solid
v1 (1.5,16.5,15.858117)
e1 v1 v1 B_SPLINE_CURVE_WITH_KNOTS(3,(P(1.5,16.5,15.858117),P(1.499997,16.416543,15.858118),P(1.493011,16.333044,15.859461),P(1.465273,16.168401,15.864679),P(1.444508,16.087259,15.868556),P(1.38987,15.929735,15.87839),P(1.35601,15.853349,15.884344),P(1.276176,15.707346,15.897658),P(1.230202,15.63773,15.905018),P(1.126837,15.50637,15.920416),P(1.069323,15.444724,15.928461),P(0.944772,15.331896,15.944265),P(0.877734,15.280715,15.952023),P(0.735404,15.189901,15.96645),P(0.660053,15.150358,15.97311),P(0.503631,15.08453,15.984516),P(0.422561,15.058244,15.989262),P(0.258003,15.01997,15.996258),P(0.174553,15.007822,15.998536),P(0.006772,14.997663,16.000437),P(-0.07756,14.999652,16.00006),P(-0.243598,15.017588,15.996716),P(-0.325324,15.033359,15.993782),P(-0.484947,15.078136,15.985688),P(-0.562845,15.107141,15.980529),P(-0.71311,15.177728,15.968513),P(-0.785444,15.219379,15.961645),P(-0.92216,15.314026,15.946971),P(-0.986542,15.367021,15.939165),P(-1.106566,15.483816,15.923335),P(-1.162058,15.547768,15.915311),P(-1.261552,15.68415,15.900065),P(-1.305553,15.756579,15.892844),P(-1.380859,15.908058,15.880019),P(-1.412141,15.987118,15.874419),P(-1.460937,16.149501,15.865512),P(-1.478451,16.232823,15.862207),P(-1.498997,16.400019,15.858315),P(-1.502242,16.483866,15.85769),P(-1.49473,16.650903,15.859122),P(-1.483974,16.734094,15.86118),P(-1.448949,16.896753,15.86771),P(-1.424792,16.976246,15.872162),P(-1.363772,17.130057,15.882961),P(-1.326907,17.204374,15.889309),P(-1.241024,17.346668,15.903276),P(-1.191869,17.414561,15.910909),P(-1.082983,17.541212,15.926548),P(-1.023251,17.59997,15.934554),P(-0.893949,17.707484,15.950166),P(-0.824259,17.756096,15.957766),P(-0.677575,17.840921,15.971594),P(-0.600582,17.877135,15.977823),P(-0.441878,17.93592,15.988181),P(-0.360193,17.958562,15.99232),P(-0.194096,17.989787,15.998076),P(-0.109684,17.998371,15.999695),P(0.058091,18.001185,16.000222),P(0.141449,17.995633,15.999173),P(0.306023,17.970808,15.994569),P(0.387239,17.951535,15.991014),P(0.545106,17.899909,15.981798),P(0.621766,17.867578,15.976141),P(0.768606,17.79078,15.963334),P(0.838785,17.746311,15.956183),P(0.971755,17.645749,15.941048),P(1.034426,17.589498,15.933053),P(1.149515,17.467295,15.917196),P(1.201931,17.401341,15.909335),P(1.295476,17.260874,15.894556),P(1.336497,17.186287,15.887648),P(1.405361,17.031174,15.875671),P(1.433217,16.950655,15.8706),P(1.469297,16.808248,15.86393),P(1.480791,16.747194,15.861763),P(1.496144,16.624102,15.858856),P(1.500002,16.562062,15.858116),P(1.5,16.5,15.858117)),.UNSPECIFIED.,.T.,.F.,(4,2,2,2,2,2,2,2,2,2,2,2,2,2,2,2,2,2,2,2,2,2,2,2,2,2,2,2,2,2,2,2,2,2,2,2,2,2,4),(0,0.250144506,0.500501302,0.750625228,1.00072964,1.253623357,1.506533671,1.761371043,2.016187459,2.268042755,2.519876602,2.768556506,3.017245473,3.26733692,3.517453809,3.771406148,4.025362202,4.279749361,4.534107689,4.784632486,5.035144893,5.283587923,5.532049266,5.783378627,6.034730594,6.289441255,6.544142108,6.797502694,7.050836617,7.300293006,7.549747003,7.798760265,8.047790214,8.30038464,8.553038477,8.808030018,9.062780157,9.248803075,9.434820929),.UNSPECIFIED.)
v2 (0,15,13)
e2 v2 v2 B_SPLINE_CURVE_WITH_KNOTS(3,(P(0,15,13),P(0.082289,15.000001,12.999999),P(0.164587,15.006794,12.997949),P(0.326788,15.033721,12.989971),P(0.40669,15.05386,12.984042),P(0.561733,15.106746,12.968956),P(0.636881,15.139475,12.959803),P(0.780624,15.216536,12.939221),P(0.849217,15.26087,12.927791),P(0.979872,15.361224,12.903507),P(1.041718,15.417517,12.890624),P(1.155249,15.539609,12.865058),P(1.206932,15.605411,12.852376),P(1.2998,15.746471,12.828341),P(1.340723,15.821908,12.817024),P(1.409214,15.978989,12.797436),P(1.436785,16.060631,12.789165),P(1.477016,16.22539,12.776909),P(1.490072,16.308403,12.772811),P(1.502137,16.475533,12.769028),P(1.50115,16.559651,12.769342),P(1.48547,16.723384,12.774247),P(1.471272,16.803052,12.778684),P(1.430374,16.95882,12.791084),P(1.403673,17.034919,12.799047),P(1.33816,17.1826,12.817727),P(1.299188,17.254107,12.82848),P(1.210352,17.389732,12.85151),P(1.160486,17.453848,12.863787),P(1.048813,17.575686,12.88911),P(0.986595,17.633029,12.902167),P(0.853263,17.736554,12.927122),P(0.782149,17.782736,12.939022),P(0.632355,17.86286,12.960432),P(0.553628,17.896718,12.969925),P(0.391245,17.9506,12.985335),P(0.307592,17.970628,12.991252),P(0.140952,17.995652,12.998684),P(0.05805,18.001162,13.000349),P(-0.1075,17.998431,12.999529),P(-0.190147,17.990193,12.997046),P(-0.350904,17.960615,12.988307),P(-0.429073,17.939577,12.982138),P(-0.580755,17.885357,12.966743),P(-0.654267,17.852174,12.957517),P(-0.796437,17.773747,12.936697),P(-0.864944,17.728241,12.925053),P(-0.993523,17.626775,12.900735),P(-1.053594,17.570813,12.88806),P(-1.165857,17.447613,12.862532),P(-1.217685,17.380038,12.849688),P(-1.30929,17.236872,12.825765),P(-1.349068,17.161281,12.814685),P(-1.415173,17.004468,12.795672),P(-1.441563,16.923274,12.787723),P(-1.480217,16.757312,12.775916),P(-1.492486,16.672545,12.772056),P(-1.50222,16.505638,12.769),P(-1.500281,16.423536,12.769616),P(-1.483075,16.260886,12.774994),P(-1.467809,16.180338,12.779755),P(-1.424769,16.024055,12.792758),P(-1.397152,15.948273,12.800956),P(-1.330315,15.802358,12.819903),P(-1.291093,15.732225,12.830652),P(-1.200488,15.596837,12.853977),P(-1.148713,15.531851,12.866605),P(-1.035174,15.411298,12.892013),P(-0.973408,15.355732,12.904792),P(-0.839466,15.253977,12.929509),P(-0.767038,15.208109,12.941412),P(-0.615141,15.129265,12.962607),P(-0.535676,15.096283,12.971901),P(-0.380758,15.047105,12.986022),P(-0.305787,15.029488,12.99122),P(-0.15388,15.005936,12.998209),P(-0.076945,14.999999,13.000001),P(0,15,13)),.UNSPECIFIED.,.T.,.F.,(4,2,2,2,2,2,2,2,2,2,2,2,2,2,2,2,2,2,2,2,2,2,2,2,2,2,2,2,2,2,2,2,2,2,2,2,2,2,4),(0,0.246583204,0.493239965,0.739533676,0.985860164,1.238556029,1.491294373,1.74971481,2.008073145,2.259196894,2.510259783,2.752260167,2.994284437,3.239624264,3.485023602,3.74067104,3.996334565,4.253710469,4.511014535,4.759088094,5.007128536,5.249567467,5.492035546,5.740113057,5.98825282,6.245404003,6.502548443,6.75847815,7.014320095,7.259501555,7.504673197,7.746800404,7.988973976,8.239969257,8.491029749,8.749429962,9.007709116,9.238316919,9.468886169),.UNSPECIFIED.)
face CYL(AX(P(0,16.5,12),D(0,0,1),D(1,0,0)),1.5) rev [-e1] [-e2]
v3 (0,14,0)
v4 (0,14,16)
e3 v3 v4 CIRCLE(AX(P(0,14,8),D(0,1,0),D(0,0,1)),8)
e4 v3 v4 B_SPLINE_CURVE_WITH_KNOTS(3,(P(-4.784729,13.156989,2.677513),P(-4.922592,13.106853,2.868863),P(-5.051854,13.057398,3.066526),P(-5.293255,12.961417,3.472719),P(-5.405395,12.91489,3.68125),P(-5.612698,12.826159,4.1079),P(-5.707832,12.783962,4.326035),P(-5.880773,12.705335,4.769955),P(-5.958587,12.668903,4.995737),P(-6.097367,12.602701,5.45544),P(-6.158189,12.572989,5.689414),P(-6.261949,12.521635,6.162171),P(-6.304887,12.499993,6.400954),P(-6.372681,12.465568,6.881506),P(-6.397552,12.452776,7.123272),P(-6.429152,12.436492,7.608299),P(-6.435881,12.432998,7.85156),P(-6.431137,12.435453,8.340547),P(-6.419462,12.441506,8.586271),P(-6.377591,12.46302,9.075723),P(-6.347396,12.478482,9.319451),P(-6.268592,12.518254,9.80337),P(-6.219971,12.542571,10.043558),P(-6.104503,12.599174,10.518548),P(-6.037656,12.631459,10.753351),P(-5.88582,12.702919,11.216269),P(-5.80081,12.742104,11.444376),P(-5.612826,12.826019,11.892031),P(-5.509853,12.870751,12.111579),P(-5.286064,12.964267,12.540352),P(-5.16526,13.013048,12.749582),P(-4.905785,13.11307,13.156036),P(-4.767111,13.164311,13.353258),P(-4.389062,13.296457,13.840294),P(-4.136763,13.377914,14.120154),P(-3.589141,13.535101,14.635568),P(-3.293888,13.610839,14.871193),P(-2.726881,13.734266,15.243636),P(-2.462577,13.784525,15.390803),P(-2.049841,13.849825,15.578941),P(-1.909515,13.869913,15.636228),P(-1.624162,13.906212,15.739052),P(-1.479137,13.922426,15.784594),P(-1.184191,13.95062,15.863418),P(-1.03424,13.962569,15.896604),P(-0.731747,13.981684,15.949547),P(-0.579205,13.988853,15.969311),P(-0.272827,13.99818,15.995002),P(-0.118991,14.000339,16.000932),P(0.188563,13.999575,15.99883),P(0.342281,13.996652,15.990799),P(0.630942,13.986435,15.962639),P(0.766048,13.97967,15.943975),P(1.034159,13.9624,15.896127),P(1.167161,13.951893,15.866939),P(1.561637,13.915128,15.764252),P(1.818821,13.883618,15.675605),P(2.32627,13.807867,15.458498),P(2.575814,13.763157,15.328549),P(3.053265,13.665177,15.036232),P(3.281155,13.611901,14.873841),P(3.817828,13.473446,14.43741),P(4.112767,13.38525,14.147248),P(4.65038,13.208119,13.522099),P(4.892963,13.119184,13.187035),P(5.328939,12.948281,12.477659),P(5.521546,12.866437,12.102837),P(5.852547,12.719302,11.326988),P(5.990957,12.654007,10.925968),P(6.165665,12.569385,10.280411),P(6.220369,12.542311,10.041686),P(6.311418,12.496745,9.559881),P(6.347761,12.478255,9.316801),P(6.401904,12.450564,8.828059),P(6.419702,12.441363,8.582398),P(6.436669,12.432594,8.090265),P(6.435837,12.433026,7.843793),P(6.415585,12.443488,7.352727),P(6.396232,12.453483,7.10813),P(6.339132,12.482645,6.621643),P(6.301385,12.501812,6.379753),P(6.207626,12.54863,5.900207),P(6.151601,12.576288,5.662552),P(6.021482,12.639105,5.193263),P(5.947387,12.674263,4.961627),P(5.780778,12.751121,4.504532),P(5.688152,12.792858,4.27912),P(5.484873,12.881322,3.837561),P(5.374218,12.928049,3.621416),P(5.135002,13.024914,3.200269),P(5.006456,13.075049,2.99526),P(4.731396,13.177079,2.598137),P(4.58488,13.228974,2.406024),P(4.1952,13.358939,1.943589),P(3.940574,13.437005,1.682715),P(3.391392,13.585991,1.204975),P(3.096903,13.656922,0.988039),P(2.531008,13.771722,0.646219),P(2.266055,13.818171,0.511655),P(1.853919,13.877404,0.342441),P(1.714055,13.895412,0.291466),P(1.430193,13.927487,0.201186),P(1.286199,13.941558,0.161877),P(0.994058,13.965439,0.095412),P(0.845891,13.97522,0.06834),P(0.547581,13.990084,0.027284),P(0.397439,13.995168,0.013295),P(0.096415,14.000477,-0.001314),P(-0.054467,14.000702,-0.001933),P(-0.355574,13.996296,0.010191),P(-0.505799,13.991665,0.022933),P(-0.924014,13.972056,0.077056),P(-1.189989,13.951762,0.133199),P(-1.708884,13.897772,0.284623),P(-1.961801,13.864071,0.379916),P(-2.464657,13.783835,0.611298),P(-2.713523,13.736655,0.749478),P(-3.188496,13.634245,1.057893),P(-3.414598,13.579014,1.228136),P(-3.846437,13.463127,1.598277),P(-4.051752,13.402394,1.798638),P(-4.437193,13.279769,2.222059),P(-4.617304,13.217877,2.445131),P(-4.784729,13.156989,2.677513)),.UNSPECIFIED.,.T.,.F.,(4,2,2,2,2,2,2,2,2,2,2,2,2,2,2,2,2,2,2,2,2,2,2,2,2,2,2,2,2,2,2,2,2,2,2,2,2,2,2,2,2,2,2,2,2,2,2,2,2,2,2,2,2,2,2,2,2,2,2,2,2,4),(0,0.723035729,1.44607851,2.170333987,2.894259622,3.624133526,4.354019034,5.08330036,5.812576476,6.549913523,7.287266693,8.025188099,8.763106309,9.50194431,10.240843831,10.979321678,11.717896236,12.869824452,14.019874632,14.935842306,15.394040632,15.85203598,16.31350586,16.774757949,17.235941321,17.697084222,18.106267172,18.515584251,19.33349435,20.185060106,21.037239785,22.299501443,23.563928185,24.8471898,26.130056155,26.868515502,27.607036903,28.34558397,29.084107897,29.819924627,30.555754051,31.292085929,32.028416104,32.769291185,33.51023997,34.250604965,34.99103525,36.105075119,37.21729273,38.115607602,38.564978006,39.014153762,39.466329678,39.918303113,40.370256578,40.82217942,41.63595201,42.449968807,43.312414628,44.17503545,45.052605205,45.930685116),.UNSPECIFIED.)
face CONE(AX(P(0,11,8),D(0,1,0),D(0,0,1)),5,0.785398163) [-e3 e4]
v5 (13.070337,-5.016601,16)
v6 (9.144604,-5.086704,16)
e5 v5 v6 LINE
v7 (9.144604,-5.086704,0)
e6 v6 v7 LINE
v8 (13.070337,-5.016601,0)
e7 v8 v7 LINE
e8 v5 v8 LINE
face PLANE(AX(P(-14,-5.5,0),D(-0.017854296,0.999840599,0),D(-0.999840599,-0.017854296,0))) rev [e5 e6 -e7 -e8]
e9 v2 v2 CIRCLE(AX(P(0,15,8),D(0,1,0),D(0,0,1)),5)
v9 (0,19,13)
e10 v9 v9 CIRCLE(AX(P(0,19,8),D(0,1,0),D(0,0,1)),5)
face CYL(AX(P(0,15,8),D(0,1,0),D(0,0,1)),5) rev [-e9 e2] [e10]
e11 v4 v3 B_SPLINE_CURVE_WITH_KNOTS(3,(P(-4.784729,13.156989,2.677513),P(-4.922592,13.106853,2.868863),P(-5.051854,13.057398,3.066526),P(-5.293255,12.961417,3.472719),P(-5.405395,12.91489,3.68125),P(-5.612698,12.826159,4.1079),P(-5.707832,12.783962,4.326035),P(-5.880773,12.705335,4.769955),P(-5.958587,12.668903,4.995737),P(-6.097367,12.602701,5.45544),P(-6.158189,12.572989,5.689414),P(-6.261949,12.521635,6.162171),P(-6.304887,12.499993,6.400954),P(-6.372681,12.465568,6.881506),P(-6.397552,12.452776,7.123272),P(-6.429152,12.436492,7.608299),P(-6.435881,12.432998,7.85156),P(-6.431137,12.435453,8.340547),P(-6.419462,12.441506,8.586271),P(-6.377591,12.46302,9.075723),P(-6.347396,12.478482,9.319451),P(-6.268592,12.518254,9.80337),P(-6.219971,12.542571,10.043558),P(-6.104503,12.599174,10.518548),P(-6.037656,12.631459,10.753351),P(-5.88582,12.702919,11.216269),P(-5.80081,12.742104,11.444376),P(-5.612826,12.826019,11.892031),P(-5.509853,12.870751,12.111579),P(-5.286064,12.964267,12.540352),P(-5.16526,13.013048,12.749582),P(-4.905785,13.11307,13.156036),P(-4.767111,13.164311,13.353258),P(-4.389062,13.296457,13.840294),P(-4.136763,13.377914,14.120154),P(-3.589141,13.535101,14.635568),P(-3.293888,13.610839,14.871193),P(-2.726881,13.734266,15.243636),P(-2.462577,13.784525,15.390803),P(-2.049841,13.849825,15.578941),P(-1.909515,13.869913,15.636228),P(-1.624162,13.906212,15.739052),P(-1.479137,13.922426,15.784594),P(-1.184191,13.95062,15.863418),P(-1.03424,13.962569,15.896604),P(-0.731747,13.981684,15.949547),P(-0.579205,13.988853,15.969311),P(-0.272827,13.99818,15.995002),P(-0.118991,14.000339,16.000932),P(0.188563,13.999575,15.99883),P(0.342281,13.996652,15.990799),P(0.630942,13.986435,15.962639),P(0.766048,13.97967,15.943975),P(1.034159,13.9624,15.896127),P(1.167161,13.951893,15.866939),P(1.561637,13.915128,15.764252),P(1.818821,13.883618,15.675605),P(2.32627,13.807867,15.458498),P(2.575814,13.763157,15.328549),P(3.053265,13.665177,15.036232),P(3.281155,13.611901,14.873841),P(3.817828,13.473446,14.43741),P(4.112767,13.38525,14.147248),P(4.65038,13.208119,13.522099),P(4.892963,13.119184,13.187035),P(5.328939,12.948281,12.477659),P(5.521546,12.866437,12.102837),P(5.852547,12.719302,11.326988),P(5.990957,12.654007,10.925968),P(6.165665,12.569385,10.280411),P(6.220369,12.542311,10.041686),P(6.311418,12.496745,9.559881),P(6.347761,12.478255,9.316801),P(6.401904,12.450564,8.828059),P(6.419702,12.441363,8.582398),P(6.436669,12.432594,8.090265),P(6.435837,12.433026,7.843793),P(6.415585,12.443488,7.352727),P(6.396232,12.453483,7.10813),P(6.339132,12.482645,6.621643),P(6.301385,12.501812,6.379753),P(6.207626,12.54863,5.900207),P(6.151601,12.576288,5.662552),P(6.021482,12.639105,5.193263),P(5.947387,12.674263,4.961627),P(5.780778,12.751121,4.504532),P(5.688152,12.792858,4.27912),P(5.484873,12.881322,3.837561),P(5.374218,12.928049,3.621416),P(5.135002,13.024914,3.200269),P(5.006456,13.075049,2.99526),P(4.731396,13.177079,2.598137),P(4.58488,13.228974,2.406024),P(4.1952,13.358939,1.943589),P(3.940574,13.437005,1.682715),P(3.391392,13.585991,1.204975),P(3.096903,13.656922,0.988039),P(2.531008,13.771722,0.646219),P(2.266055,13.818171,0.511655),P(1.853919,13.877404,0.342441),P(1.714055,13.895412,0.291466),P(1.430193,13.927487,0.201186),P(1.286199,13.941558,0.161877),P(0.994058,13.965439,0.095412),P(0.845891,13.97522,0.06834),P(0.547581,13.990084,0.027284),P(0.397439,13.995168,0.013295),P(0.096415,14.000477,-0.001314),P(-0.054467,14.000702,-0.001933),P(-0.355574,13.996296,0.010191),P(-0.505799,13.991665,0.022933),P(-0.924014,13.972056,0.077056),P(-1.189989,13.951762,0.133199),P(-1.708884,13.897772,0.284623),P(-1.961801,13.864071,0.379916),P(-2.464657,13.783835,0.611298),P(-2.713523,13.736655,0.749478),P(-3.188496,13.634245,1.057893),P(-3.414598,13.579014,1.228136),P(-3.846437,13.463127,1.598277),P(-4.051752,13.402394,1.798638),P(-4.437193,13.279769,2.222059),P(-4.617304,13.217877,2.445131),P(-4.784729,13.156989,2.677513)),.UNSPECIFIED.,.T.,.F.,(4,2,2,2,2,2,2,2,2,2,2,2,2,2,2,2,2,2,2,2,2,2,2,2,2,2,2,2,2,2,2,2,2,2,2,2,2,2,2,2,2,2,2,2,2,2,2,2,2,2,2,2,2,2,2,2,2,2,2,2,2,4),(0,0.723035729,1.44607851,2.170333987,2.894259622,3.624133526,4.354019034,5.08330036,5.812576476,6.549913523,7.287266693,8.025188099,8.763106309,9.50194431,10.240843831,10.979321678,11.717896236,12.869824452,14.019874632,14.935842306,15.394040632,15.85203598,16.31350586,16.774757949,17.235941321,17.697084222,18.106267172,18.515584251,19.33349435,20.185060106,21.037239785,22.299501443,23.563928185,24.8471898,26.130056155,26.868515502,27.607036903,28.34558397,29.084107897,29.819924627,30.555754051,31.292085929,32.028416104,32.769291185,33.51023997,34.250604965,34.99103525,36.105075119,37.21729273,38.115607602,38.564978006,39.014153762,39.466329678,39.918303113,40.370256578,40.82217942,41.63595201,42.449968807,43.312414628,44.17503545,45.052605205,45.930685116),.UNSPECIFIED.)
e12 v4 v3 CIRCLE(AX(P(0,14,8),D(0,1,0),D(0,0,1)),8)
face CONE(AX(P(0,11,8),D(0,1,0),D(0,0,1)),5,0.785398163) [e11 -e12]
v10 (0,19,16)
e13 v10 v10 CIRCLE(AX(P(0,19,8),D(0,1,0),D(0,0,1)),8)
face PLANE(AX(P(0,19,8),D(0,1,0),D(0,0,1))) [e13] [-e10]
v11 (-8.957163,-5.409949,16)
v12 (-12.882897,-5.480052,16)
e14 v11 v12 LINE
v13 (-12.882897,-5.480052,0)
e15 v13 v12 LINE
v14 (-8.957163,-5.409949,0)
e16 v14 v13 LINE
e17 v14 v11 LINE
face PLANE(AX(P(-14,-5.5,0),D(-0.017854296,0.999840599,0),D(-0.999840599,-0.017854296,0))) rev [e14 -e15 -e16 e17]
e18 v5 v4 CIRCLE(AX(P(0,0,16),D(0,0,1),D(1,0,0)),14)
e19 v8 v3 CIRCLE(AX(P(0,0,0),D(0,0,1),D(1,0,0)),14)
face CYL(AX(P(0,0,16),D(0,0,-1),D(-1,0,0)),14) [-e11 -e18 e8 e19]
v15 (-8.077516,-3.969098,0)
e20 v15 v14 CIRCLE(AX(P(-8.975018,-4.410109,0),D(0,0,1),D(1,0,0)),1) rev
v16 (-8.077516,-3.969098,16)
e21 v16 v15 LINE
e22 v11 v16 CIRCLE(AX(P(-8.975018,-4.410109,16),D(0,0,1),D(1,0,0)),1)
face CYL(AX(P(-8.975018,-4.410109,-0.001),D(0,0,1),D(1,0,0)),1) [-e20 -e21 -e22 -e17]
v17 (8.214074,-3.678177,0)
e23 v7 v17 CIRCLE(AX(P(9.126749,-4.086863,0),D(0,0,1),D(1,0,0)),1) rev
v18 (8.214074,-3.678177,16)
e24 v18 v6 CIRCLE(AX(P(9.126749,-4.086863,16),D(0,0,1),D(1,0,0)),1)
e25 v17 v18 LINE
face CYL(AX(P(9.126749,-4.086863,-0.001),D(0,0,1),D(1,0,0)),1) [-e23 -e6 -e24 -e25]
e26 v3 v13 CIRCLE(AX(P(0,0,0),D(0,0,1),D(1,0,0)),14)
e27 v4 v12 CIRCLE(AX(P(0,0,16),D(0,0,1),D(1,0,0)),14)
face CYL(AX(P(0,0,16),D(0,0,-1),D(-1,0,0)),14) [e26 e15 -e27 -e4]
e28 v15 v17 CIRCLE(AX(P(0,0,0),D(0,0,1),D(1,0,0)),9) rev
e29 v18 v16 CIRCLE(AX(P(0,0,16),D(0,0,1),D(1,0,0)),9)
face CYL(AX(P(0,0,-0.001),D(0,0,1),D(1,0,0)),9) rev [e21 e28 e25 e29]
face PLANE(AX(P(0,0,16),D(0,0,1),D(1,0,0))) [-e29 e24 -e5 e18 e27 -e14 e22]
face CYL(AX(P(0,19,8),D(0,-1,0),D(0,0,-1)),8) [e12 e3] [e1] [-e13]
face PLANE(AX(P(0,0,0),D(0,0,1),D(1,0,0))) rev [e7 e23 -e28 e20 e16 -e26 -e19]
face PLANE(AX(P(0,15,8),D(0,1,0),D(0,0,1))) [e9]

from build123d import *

# Parameters (mm, degrees)
SKETCH1_R           = 14
BOSS_EXTRUDE1_DEPTH = 16
CUT_EXTRUDE1_REACH  = 27.456
SKETCH2_R           = 9
CUT_EXTRUDE2_DEPTH  = 26.455844123
BOSS_EXTRUDE2_START = 11
SKETCH4_R           = 5
BOSS_EXTRUDE2_DEPTH = 3
BOSS_EXTRUDE2_DRAFT = -45
SKETCH5_R           = 8
BOSS_EXTRUDE3_DEPTH = 5
SKETCH6_R           = 5
CUT_EXTRUDE3_DEPTH  = 4
CUT_EXTRUDE4_START  = 17
SKETCH7_R           = 1.5
CUT_EXTRUDE4_DEPTH  = 5
FILLET1_R           = 1


with BuildPart() as part:
    # Sketch1 → Boss-Extrude1 (new body)
    with BuildSketch(Plane.XY):
        Circle(SKETCH1_R)
    extrude(amount=BOSS_EXTRUDE1_DEPTH)

    # Sketch2 → Cut-Extrude1 (cut, up to next)
    with BuildSketch(Plane.XY.offset(16), mode=Mode.PRIVATE) as cut_extrude1_sk1:
        Circle(SKETCH2_R)
    cut_extrude1_tool1 = extrude(cut_extrude1_sk1.sketch, amount=-CUT_EXTRUDE1_REACH, mode=Mode.PRIVATE) & part.part
    add(cut_extrude1_tool1.solids().sort_by_distance((0, 0, 16))[0], mode=Mode.SUBTRACT)

    # Sketch3 → Cut-Extrude2 (cut, through all)
    with BuildSketch(Plane.XY.offset(16)):
        Polygon((-14, -5.5), (14, -5), (14, -14), (-14, -14), align=None)
    extrude(amount=-CUT_EXTRUDE2_DEPTH, mode=Mode.SUBTRACT)


with BuildPart() as boss_extrude2_tool:
    # Sketch4 → Boss-Extrude2 (with draft: the straight prism first)
    with BuildSketch(Plane(origin=(0, 0, 0), x_dir=(-1, 0, 0), z_dir=(0, 1, 0)).offset(BOSS_EXTRUDE2_START)):
        with Locations((0, 8)):
            Circle(SKETCH4_R)
    extrude(amount=BOSS_EXTRUDE2_DEPTH)
    # Boss-Extrude2: the draft: its side faces are tilted about the plane it starts from
    boss_extrude2_sides = [boss_extrude2_tool.faces().sort_by_distance(p)[0] for p in [
        (5, 12.5, 8),
    ]]
    draft(boss_extrude2_sides, Plane(origin=(0, 0, 0), x_dir=(-1, 0, 0), z_dir=(0, 1, 0)).offset(BOSS_EXTRUDE2_START), BOSS_EXTRUDE2_DRAFT)


with BuildPart() as part_1:
    add(part.part)

    # Boss-Extrude2: add boss_extrude2_tool
    add(boss_extrude2_tool.part)

    # Sketch5 → Boss-Extrude3 (add)
    with BuildSketch(Plane(origin=(0, 14, 0), x_dir=(1, 0, 0), z_dir=(0, 1, 0))):
        with Locations(Location((0, -8, 0), (0, 0, 270))):
            Circle(SKETCH5_R)
    extrude(amount=BOSS_EXTRUDE3_DEPTH)

    # Sketch6 → Cut-Extrude3 (cut)
    with BuildSketch(Plane(origin=(0, 19, 0), x_dir=(1, 0, 0), z_dir=(0, 1, 0))):
        with Locations(Location((0, -8, 0), (0, 0, 270))):
            Circle(SKETCH6_R)
    extrude(amount=-CUT_EXTRUDE3_DEPTH, mode=Mode.SUBTRACT)

    # Sketch7 → Cut-Extrude4 (cut)
    with BuildSketch(Plane.XY.offset(CUT_EXTRUDE4_START)):
        with Locations(Location((0, 16.5, 0), (0, 0, 270))):
            Circle(SKETCH7_R)
    extrude(amount=-CUT_EXTRUDE4_DEPTH, mode=Mode.SUBTRACT)

    # Fillet1
    fillet1_edges = [part_1.edges().sort_by_distance(p)[0] for p in [
        (7.403251486, -5.117799081, 8),
        (-7.215811257, -5.378853772, 8),
    ]]
    fillet(fillet1_edges, radius=FILLET1_R)


solid = part_1.part
